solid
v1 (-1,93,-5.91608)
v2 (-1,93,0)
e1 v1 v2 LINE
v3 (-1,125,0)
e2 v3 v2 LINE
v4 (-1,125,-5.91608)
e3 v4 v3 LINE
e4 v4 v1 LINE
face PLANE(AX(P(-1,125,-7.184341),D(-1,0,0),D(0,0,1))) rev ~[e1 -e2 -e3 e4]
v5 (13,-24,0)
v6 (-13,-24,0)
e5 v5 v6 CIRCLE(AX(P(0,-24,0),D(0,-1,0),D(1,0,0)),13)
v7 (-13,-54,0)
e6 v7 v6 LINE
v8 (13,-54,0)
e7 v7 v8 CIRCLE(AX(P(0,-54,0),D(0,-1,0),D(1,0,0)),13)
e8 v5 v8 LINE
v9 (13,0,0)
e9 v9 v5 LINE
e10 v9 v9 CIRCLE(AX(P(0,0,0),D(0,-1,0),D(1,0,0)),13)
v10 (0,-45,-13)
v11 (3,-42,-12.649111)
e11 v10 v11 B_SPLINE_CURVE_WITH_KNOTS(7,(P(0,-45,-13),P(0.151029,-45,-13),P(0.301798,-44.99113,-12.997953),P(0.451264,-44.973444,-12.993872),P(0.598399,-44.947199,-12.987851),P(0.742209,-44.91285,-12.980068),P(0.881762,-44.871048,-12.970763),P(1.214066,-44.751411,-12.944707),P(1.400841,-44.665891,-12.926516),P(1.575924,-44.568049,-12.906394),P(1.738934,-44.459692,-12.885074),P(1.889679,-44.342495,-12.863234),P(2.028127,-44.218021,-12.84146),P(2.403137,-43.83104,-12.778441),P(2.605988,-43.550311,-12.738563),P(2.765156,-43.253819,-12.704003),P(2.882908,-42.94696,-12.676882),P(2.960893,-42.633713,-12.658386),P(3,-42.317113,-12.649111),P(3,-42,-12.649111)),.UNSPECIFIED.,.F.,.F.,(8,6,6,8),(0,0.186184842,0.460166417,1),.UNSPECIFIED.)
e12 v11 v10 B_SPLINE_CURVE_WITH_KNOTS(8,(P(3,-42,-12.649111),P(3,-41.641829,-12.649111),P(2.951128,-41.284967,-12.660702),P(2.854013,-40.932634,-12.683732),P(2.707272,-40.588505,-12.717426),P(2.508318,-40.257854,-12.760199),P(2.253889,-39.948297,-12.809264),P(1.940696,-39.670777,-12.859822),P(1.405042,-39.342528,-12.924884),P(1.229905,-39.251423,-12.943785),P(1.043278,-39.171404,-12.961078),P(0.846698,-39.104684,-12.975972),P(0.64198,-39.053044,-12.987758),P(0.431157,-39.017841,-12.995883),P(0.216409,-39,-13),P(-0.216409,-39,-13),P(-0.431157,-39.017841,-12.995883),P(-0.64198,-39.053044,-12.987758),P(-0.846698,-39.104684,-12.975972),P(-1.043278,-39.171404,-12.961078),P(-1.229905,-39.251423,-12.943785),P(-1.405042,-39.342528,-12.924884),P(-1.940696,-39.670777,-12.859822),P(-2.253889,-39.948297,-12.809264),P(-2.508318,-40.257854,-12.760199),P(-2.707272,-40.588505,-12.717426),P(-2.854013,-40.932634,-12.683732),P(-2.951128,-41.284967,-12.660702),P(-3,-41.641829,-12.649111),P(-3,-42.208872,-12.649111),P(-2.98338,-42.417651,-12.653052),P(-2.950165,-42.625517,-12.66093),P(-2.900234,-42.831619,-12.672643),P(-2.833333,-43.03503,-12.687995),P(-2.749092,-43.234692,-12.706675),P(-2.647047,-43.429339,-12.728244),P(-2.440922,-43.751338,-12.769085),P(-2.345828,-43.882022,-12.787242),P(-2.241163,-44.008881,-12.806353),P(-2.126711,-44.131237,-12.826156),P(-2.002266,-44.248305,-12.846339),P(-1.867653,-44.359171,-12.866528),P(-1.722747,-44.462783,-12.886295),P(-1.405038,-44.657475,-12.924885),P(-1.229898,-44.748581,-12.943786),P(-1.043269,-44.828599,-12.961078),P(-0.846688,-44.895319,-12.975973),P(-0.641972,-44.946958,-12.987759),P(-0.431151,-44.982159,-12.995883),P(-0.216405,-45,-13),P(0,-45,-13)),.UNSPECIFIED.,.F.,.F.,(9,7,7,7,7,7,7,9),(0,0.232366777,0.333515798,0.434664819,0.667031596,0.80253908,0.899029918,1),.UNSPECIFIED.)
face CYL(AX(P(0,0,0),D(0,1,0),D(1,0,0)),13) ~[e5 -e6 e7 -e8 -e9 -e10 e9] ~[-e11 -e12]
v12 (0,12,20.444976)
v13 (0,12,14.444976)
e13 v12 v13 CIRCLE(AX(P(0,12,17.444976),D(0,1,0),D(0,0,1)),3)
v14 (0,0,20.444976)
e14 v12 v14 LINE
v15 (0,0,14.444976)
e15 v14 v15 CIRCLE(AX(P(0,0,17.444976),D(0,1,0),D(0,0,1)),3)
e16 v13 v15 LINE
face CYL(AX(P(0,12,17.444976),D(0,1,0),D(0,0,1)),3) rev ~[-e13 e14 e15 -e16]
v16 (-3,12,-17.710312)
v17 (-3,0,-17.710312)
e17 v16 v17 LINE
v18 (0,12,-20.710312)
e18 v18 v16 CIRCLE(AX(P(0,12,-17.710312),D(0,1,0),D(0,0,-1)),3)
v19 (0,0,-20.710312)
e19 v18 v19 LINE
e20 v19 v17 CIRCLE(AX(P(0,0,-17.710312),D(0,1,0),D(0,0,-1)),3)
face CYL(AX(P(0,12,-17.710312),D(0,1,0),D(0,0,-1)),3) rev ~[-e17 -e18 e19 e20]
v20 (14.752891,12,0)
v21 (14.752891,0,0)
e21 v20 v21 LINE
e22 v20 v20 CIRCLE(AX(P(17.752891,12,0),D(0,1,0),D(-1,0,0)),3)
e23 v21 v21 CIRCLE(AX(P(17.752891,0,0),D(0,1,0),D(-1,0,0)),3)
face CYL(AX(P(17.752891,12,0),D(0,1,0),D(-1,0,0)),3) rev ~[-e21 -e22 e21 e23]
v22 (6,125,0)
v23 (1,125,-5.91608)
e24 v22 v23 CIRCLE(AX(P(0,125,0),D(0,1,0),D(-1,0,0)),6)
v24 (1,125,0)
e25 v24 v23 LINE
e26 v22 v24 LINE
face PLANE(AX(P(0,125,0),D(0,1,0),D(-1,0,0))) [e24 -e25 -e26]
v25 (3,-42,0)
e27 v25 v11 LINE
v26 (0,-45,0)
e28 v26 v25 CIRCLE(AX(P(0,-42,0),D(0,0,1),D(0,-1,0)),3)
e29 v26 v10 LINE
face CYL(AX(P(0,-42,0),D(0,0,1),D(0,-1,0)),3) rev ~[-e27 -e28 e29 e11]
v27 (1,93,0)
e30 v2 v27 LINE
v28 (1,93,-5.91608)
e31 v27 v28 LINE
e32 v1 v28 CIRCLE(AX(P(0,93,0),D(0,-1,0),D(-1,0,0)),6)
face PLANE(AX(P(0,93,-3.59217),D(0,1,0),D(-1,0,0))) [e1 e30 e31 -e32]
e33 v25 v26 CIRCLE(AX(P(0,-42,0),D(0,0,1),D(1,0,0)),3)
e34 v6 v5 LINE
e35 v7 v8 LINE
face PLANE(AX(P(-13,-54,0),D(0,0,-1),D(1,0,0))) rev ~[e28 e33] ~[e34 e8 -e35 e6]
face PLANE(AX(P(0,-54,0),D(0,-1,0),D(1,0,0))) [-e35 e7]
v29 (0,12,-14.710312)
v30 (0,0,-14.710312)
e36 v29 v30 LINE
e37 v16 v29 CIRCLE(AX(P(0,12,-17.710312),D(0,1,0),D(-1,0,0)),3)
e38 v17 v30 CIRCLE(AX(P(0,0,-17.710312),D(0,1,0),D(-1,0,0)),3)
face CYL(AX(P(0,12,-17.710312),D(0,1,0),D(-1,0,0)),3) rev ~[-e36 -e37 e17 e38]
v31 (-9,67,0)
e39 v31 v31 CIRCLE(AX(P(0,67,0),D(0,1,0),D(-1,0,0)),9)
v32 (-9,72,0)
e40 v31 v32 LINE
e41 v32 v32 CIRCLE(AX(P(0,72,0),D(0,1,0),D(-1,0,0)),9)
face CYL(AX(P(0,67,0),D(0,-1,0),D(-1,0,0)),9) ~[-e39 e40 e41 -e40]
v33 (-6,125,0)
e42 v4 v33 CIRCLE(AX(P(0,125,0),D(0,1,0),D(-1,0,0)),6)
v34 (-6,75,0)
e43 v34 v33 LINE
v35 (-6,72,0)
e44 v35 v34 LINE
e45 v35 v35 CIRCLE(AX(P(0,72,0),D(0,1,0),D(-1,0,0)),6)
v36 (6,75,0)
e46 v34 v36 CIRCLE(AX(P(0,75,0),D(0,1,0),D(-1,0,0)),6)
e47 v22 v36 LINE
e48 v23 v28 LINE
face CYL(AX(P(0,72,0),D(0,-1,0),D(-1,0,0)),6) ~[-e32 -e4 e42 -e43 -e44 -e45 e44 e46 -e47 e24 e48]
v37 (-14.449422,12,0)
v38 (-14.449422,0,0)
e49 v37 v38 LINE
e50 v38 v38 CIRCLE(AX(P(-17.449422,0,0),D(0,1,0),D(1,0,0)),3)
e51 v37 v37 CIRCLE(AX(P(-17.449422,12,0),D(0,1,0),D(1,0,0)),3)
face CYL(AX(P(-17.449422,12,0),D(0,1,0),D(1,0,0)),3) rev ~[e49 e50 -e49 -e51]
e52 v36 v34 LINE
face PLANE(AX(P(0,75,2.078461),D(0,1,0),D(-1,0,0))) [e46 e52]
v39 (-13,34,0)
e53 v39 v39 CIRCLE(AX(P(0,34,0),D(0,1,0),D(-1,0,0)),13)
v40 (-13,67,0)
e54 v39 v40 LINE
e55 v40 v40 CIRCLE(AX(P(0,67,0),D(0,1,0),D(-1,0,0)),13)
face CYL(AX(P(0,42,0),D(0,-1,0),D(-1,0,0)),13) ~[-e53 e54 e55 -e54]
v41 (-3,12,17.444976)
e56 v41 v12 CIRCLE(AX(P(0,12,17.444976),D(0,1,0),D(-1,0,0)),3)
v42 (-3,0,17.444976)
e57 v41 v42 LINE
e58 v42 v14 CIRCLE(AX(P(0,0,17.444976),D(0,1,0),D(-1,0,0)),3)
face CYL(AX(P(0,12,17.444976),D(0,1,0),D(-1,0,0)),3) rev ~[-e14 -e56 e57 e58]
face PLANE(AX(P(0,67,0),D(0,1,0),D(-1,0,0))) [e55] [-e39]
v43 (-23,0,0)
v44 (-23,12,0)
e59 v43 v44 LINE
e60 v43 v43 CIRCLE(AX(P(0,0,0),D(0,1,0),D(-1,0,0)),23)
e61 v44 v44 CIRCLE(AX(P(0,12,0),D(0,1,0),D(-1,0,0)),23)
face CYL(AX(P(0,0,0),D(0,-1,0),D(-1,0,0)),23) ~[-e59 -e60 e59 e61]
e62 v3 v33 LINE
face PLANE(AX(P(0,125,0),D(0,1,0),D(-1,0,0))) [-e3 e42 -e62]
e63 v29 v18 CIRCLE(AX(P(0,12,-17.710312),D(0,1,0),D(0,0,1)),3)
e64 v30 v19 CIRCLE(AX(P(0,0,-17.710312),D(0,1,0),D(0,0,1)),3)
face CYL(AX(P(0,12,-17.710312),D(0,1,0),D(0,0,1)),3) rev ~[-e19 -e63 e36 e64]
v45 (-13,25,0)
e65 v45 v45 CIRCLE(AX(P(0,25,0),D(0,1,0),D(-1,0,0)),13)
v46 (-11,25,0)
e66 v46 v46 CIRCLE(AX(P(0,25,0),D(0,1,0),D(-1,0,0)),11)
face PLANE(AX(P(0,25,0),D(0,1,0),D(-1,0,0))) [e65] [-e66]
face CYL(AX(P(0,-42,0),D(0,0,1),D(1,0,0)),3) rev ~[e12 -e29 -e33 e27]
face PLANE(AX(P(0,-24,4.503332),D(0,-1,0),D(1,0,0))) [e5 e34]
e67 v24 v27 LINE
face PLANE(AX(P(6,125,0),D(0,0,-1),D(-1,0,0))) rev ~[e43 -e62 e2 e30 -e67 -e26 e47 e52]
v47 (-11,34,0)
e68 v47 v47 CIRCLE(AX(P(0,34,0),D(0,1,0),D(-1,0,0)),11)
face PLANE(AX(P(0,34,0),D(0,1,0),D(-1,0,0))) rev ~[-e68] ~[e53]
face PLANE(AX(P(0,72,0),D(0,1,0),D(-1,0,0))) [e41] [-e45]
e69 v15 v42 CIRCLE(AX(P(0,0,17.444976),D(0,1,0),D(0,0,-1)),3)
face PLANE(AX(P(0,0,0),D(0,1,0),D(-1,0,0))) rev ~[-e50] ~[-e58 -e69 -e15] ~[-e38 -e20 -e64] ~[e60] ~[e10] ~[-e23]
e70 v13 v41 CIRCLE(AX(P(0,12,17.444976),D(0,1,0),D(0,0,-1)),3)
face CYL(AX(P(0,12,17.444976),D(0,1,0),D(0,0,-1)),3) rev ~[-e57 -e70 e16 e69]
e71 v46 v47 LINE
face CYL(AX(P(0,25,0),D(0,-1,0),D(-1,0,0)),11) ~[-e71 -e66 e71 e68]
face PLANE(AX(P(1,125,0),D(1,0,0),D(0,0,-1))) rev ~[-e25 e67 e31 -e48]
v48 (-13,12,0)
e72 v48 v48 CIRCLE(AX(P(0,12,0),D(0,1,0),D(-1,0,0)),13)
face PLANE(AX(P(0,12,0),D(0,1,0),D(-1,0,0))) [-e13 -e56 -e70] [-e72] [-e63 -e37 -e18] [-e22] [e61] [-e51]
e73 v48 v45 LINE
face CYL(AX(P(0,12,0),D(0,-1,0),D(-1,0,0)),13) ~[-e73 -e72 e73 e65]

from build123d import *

# Parameters (mm, degrees)
F0_R      = 13
F1_DEPTH  = 54
F3_DEPTH  = 30
F4_R      = 23
F5_DEPTH  = 12
F7_DEPTH  = 25
F8_R      = 13
F9_DEPTH  = 13
F10_R     = 11
F11_DEPTH = 9
F12_R     = 13
F13_DEPTH = 8
F14_R     = 13
F15_DEPTH = 25
F17_DEPTH = 14
F18_R     = 9
F19_DEPTH = 5
F20_R     = 6
F21_DEPTH = 53
F23_DEPTH = 50
F25_DEPTH = 32


with BuildPart() as f1:
    # F0 (on Front) → F1 (new body)
    with BuildSketch(Plane.XZ):
        Circle(F0_R)
    extrude(amount=F1_DEPTH)

    # F2 (on face) → F3 (cut)
    with BuildSketch(Plane.XZ.offset(54)):
        with BuildLine():
            Line((-13, 0), (0, 0))
            Line((0, 0), (13, 0))
            ThreePointArc((13, 0), (0, 13), (-13, 0))
        make_face()
    extrude(amount=-F3_DEPTH, mode=Mode.SUBTRACT)

    # F4 (on face) → F5 (join)
    with BuildSketch(Plane(origin=(0, 0, 0), x_dir=(-1, 0, 0), z_dir=(0, 1, 0))):
        Circle(F4_R)
    extrude(amount=F5_DEPTH)

    # F6 (on face) → F7 (cut)
    with BuildSketch(Plane(origin=(0, 12, 0), x_dir=(-1, 0, 0), z_dir=(0, 1, 0))):
        with BuildLine():
            ThreePointArc((0, 20.4449764911), (-3, 17.4449764911), (0, 14.4449764911))
            Line((0, 14.4449764911), (0, 20.4449764911))
        make_face()
        with BuildLine():
            Line((0, 20.4449764911), (0, 14.4449764911))
            ThreePointArc((0, 14.4449764911), (2.1213203436, 15.3236561476), (3, 17.4449764911))
            ThreePointArc((3, 17.4449764911), (2.1213203436, 19.5662968347), (0, 20.4449764911))
        make_face()
        with BuildLine():
            ThreePointArc((3, -17.7103122696), (2.1213203436, -15.5889919261), (0, -14.7103122696))
            Line((0, -14.7103122696), (0, -20.7103122696))
            ThreePointArc((0, -20.7103122696), (2.1213203436, -19.8316326132), (3, -17.7103122696))
        make_face()
        with BuildLine():
            Line((0, -20.7103122696), (0, -14.7103122696))
            ThreePointArc((0, -14.7103122696), (-3, -17.7103122696), (0, -20.7103122696))
        make_face()
        with BuildLine():
            ThreePointArc((-20.7528914064, 0), (-17.7528914064, -3), (-14.7528914064, 0))
            Line((-14.7528914064, 0), (-20.7528914064, 0))
        make_face()
        with BuildLine():
            Line((-20.7528914064, 0), (-14.7528914064, 0))
            ThreePointArc((-14.7528914064, 0), (-17.7528914064, 3), (-20.7528914064, 0))
        make_face()
        with BuildLine():
            ThreePointArc((20.4494218081, 0), (17.4494218081, 3), (14.4494218081, 0))
            Line((14.4494218081, 0), (20.4494218081, 0))
        make_face()
        with BuildLine():
            Line((20.4494218081, 0), (14.4494218081, 0))
            ThreePointArc((14.4494218081, 0), (17.4494218081, -3), (20.4494218081, 0))
        make_face()
    extrude(amount=-F7_DEPTH, mode=Mode.SUBTRACT)

    # F8 (on face) → F9 (join)
    with BuildSketch(Plane(origin=(0, 12, 0), x_dir=(-1, 0, 0), z_dir=(0, 1, 0))):
        Circle(F8_R)
    extrude(amount=F9_DEPTH)

    # F10 (on face) → F11 (join)
    with BuildSketch(Plane(origin=(0, 25, 0), x_dir=(-1, 0, 0), z_dir=(0, 1, 0))):
        Circle(F10_R)
    extrude(amount=F11_DEPTH)

    # F12 (on face) → F13 (join)
    with BuildSketch(Plane(origin=(0, 34, 0), x_dir=(-1, 0, 0), z_dir=(0, 1, 0))):
        Circle(F12_R)
    extrude(amount=F13_DEPTH)

    # F14 (on face) → F15 (join)
    with BuildSketch(Plane(origin=(0, 42, 0), x_dir=(-1, 0, 0), z_dir=(0, 1, 0))):
        Circle(F14_R)
    extrude(amount=F15_DEPTH)

    # F16 (on face) → F17 (cut)
    with BuildSketch(Plane.XY):
        with BuildLine():
            ThreePointArc((0, -45), (2.1213203436, -44.1213203436), (3, -42))
            ThreePointArc((3, -42), (-2.1213203436, -39.8786796564), (0, -45))
        make_face()
    extrude(amount=-F17_DEPTH, mode=Mode.SUBTRACT)

    # F18 (on face) → F19 (join)
    with BuildSketch(Plane(origin=(0, 67, 0), x_dir=(-1, 0, 0), z_dir=(0, 1, 0))):
        Circle(F18_R)
    extrude(amount=F19_DEPTH)

    # F20 (on face) → F21 (join)
    with BuildSketch(Plane(origin=(0, 72, 0), x_dir=(-1, 0, 0), z_dir=(0, 1, 0))):
        Circle(F20_R)
    extrude(amount=F21_DEPTH)

    # F22 (on face) → F23 (cut)
    with BuildSketch(Plane(origin=(0, 125, 0), x_dir=(-1, 0, 0), z_dir=(0, 1, 0))):
        with BuildLine():
            Line((0, 0), (6, 0))
            ThreePointArc((6, 0), (0, 6), (-6, 0))
            Line((-6, 0), (0, 0))
        make_face()
    extrude(amount=-F23_DEPTH, mode=Mode.SUBTRACT)

    # F24 (on face) → F25 (cut)
    with BuildSketch(Plane(origin=(0, 125, 0), x_dir=(-1, 0, 0), z_dir=(0, 1, 0))):
        Polygon((1, 0), (0, 0), (-1, 0), (-1, -7.1843406186), (1, -7.1843406186), align=None)
    extrude(amount=-F25_DEPTH, mode=Mode.SUBTRACT)


solid = f1.part
